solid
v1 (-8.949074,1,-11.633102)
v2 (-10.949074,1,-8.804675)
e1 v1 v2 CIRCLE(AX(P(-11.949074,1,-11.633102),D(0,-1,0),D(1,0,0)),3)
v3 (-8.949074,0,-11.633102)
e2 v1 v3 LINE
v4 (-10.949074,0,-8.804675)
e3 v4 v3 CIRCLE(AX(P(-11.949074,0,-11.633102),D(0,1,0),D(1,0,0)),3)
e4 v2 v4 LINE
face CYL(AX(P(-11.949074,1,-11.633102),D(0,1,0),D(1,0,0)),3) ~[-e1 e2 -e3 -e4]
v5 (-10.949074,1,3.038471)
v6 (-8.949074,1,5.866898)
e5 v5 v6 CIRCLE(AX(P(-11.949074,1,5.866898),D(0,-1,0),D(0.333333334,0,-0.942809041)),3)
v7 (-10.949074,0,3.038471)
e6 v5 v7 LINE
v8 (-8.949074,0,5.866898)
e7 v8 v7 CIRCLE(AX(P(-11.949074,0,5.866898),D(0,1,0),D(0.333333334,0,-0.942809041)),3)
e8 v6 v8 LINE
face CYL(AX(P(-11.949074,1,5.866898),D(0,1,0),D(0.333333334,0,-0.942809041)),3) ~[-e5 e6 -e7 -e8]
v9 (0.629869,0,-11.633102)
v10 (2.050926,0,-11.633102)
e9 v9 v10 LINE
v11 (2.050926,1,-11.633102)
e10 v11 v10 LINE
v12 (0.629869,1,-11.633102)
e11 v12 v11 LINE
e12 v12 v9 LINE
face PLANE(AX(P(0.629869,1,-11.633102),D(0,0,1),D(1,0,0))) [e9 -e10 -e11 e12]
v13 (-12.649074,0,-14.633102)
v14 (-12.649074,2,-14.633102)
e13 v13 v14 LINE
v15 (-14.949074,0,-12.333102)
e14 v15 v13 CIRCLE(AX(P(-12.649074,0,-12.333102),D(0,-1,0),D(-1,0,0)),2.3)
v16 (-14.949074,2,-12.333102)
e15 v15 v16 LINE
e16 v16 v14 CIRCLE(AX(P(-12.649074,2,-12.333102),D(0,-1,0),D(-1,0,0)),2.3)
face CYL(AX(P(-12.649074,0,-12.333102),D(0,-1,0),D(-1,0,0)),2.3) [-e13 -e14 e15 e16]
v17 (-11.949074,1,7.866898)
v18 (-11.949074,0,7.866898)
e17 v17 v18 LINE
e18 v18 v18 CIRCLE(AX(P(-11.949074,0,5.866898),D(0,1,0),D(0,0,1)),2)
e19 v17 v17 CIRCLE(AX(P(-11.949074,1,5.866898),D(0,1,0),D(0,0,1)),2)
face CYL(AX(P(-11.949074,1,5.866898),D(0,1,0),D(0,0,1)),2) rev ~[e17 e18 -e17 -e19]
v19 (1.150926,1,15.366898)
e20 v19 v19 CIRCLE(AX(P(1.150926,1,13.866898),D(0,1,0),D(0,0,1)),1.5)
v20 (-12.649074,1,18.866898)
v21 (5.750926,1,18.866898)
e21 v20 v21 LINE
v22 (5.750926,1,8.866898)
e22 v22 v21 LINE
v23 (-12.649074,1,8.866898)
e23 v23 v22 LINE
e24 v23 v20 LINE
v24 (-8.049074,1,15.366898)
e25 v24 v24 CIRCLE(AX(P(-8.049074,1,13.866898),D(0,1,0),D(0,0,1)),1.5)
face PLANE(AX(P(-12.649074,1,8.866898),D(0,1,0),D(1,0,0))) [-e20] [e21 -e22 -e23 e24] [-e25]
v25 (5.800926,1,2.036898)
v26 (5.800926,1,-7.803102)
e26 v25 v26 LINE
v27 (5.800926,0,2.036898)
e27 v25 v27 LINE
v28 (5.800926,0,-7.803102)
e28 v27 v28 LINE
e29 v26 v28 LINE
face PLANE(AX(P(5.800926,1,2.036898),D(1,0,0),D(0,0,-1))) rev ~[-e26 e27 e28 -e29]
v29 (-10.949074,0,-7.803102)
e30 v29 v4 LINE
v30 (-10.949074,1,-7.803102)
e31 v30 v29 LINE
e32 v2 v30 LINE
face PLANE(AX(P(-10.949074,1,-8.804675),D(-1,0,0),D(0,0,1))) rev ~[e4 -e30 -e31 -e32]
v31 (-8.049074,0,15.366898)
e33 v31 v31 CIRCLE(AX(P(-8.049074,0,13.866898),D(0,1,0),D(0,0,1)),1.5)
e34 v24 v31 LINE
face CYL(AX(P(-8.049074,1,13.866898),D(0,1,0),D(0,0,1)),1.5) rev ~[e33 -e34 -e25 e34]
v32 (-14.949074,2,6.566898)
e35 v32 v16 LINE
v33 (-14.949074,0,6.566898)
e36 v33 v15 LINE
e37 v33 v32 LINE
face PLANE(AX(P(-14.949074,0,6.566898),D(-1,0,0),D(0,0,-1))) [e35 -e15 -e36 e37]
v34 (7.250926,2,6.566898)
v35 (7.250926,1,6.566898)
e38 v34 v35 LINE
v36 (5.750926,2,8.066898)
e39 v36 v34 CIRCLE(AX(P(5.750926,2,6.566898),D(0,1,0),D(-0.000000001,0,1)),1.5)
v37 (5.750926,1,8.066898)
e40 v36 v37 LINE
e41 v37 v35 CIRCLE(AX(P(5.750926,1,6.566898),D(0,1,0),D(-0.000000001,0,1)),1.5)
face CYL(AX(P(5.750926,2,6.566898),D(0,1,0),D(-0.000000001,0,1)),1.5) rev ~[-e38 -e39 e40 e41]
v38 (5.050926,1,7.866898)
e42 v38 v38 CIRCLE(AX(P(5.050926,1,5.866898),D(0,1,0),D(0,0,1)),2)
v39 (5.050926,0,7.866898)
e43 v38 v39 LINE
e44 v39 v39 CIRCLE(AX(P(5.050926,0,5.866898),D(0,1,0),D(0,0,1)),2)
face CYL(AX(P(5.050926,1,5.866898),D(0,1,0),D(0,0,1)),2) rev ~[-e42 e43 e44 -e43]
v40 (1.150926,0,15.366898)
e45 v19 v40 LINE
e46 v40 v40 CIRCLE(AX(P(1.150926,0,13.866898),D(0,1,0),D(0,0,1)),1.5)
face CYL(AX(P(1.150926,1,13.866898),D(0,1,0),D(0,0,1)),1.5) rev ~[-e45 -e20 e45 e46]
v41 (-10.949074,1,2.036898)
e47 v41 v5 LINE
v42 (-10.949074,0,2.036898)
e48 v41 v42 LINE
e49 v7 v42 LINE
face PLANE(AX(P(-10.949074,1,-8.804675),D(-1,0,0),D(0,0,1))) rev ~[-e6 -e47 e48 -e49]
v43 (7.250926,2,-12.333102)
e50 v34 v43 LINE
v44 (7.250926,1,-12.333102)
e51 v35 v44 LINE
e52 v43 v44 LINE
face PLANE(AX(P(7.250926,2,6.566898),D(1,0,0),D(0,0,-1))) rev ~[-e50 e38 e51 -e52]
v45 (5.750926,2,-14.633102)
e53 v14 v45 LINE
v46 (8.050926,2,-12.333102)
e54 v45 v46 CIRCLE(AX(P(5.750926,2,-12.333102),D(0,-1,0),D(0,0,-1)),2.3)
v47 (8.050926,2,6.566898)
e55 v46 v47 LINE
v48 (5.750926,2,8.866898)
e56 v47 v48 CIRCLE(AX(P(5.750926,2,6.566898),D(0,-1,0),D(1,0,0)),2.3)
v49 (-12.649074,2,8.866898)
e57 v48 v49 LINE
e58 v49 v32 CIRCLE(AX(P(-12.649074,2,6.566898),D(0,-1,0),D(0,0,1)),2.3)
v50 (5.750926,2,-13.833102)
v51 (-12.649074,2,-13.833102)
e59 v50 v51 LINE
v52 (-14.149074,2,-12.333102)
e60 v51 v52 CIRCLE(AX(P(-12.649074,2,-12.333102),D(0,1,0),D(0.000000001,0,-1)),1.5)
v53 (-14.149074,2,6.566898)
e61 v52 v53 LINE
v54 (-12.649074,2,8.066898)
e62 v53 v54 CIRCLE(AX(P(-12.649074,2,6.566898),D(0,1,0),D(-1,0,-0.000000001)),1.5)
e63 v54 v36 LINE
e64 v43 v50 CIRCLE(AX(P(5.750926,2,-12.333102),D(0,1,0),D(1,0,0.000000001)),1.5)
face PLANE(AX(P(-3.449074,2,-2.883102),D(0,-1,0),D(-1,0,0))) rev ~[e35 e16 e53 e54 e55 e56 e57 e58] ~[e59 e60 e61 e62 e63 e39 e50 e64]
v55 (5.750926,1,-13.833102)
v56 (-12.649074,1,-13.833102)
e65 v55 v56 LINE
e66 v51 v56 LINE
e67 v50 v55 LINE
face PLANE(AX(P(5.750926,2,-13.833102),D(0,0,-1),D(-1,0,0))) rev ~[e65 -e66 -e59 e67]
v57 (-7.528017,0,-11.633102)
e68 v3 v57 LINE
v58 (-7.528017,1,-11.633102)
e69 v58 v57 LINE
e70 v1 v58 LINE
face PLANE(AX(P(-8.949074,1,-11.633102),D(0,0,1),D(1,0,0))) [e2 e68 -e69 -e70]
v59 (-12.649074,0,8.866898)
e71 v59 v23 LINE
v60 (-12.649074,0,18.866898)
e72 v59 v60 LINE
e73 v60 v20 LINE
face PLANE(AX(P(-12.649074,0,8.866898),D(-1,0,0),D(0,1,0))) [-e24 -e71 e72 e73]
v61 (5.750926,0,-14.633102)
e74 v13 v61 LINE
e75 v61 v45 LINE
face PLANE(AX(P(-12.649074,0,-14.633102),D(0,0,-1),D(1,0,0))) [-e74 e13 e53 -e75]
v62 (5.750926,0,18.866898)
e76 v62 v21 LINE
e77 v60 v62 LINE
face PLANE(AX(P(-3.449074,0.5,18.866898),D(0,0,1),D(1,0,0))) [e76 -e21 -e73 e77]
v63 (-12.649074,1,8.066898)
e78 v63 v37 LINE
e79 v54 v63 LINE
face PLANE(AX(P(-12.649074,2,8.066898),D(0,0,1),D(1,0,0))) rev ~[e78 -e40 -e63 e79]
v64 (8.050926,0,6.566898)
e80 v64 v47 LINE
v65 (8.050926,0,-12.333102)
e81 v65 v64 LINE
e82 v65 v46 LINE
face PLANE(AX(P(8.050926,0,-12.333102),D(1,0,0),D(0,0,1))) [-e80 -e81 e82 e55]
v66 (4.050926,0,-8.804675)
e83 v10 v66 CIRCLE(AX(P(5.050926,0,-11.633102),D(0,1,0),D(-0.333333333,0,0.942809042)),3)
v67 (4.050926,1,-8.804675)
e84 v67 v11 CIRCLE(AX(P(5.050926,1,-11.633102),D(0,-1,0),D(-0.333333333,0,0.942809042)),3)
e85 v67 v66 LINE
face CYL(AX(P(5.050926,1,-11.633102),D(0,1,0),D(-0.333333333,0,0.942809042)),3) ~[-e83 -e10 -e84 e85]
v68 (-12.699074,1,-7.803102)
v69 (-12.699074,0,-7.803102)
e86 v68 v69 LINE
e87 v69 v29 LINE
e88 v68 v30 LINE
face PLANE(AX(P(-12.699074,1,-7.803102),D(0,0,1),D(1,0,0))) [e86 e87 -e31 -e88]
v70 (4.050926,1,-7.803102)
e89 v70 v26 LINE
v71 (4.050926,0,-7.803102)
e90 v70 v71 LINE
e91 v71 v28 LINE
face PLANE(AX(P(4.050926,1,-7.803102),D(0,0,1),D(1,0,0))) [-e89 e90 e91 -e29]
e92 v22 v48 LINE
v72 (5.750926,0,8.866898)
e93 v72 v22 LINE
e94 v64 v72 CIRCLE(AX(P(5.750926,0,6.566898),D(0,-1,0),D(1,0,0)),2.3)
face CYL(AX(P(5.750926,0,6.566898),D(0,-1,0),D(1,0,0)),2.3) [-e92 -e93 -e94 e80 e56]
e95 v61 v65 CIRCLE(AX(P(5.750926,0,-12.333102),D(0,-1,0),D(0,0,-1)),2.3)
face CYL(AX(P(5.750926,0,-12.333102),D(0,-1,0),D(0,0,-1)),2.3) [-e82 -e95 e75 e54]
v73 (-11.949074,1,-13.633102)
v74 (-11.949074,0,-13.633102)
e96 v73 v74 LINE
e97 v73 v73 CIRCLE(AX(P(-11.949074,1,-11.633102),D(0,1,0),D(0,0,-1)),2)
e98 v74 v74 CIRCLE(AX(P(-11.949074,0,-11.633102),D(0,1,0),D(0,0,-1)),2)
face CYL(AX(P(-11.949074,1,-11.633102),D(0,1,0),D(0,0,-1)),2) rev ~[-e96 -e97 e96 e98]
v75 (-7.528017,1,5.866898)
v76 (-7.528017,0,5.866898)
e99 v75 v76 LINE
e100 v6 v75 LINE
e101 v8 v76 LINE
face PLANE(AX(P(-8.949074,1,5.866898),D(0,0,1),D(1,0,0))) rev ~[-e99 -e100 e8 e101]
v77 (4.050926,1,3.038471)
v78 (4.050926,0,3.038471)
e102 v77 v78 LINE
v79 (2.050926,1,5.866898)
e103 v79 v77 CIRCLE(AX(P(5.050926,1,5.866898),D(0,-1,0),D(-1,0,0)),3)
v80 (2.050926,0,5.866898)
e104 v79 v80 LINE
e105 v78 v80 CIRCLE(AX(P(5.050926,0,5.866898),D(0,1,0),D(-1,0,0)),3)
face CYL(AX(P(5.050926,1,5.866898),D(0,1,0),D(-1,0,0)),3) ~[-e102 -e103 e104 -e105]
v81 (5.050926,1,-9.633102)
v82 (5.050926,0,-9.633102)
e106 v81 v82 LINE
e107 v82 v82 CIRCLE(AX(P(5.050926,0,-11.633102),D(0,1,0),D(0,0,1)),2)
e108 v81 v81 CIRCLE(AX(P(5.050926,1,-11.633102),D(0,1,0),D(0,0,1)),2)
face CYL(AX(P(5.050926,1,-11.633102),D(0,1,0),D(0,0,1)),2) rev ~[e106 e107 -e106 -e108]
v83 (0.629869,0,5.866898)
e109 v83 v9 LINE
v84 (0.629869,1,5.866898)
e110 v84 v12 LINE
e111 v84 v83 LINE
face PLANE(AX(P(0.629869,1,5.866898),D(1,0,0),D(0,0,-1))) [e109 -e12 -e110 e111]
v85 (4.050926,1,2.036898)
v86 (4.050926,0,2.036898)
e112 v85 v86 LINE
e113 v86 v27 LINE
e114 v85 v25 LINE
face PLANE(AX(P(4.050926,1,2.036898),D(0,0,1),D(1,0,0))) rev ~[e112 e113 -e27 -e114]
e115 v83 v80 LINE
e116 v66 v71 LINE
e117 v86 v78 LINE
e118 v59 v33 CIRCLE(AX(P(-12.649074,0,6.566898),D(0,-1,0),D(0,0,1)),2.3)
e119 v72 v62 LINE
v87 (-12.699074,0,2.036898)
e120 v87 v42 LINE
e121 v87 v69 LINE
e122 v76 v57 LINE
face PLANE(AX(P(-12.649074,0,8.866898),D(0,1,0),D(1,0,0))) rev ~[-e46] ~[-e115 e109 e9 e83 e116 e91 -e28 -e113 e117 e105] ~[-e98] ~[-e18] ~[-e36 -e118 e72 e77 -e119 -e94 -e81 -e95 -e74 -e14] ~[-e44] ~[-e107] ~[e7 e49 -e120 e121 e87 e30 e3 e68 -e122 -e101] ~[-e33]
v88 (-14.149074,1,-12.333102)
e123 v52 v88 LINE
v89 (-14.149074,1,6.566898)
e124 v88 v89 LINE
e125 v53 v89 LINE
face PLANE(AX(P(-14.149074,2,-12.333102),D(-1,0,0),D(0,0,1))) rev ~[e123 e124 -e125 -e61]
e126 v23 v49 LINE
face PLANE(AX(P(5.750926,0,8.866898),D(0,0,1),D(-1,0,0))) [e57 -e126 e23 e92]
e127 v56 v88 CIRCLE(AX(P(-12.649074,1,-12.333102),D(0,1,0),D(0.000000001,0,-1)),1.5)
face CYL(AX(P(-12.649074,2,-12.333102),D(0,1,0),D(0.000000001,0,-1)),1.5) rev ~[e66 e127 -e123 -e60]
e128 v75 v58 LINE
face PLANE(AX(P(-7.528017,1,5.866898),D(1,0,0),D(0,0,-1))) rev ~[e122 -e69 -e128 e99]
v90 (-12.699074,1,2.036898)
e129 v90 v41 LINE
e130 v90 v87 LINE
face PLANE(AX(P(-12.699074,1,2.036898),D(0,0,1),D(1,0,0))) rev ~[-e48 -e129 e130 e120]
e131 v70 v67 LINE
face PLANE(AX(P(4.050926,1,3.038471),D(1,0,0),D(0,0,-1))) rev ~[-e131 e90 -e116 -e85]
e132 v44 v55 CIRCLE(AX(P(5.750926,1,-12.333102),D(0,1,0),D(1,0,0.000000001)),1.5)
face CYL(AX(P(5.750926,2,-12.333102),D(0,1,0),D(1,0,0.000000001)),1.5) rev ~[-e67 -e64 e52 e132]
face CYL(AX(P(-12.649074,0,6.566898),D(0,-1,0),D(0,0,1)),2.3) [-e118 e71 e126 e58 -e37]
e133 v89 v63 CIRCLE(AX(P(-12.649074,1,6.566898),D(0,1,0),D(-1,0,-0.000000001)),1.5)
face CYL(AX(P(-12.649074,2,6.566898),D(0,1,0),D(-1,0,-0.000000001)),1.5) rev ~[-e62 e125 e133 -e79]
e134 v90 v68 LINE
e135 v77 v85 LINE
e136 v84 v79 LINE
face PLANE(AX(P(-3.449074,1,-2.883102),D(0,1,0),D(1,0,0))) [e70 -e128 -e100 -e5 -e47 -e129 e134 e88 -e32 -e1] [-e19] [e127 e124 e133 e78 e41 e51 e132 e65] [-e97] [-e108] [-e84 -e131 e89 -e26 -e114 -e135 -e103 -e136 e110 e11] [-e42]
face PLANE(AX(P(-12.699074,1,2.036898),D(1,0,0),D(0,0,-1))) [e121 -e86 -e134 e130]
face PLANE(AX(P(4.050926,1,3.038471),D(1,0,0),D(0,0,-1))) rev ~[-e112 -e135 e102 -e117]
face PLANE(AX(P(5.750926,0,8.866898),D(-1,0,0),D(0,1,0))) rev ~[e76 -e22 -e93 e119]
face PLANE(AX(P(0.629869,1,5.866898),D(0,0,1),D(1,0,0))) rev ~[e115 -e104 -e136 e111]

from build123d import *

# Parameters (mm, degrees)
BOSS_EXTRUDE1_DEPTH = 2
CUT_EXTRUDE2_DEPTH  = 1
SKETCH5_R           = 2
CUT_EXTRUDE3_DEPTH  = 21.942838525
CUT_EXTRUDE4_DEPTH  = 21.942838525
SKETCH7_W           = 18.4
SKETCH7_H           = 1
BOSS_EXTRUDE2_DEPTH = 10
SKETCH8_R           = 1.5
CUT_EXTRUDE5_DEPTH  = 25.092211634
CUT_EXTRUDE6_DEPTH  = 1
SKETCH11_W          = 1.421057218
SKETCH11_H          = 17.5
SKETCH11_W_2        = 1.75
SKETCH11_H_2        = 9.84
CUT_EXTRUDE7_DEPTH  = 25.092211634


with BuildPart() as part:
    # Sketch1 → Boss-Extrude1 (new body)
    with BuildSketch(Plane(origin=(0, 0, 0), x_dir=(1, 0, 0), z_dir=(0, 1, 0))):
        with BuildLine():
            Line((-12.649074074, 14.633101852), (5.750925926, 14.633101852))
            ThreePointArc((5.750925926, 14.633101852), (7.377271523, 13.959447449), (8.050925926, 12.333101852))
            Line((8.050925926, 12.333101852), (8.050925926, -6.566898148))
            ThreePointArc((8.050925926, -6.566898148), (7.377271523, -8.193243745), (5.750925926, -8.866898148))
            Line((5.750925926, -8.866898148), (-12.649074074, -8.866898148))
            ThreePointArc((-12.649074074, -8.866898148), (-14.275419671, -8.193243745), (-14.949074074, -6.566898148))
            Line((-14.949074074, -6.566898148), (-14.949074074, 12.333101852))
            ThreePointArc((-14.949074074, 12.333101852), (-14.275419671, 13.959447449), (-12.649074074, 14.633101852))
        make_face()
    extrude(amount=BOSS_EXTRUDE1_DEPTH)

    # Sketch2 → Cut-Extrude2 (cut)
    with BuildSketch(Plane(origin=(0, 2, 0), x_dir=(1, 0, 0), z_dir=(0, 1, 0))):
        with BuildLine():
            Line((5.750925926, 13.633101852), (-12.649074074, 13.633101852))
            ThreePointArc((-12.649074074, 13.633101852), (-13.56831289, 13.252340667), (-13.949074074, 12.333101852))
            Line((-13.949074074, 12.333101852), (-13.949074074, -6.566898148))
            ThreePointArc((-13.949074074, -6.566898148), (-13.56831289, -7.486136964), (-12.649074074, -7.866898148))
            Line((-12.649074074, -7.866898148), (5.750925926, -7.866898148))
            ThreePointArc((5.750925926, -7.866898148), (6.670164741, -7.486136964), (7.050925926, -6.566898148))
            Line((7.050925926, -6.566898148), (7.050925926, 12.333101852))
            ThreePointArc((7.050925926, 12.333101852), (6.670164741, 13.252340667), (5.750925926, 13.633101852))
        make_face()
    extrude(amount=-CUT_EXTRUDE2_DEPTH, mode=Mode.SUBTRACT)

    # Sketch5 → Cut-Extrude3 (cut, through all)
    with BuildSketch(Plane(origin=(0, 1, 0), x_dir=(1, 0, 0), z_dir=(0, 1, 0))):
        with Locations(Location((5.050925926, 11.633101852, 0), (0, 0, 270))):
            Circle(SKETCH5_R)
        with Locations(Location((5.050925926, -5.866898148, 0), (0, 0, 270))):
            Circle(SKETCH5_R)
        with Locations(Location((-11.949074074, -5.866898148, 0), (0, 0, 270))):
            Circle(SKETCH5_R)
        with Locations(Location((-11.949074074, 11.633101852, 0), (0, 0, 90))):
            Circle(SKETCH5_R)
    extrude(amount=-CUT_EXTRUDE3_DEPTH, mode=Mode.SUBTRACT)

    # Sketch6 → Cut-Extrude4 (cut, through all)
    with BuildSketch(Plane(origin=(0, 1, 0), x_dir=(1, 0, 0), z_dir=(0, 1, 0))):
        with BuildLine():
            Line((4.050925926, -3.038471023), (4.050925926, 8.804674727))
            ThreePointArc((4.050925926, 8.804674727), (2.601436183, 9.901051044), (2.050925926, 11.633101852))
            Line((2.050925926, 11.633101852), (2.050925926, -5.866898148))
            ThreePointArc((2.050925926, -5.866898148), (2.601436183, -4.134847341), (4.050925926, -3.038471023))
        make_face()
        with BuildLine():
            Line((-10.949074074, 8.804674727), (-10.949074074, -3.038471023))
            ThreePointArc((-10.949074074, -3.038471023), (-9.499584331, -4.134847341), (-8.949074074, -5.866898148))
            Line((-8.949074074, -5.866898148), (-8.949074074, 11.633101852))
            ThreePointArc((-8.949074074, 11.633101852), (-9.499584331, 9.901051044), (-10.949074074, 8.804674727))
        make_face()
    extrude(amount=-CUT_EXTRUDE4_DEPTH, mode=Mode.SUBTRACT)

    # Sketch7 → Boss-Extrude2 (add)
    with BuildSketch(Plane.XY.offset(8.866898148)):
        with Locations((-3.449074074, 0.5)):
            Rectangle(SKETCH7_W, SKETCH7_H)
    extrude(amount=BOSS_EXTRUDE2_DEPTH)

    # Sketch8 → Cut-Extrude5 (cut, through all)
    with BuildSketch(Plane(origin=(0, 1, 0), x_dir=(1, 0, 0), z_dir=(0, 1, 0))):
        with Locations(Location((1.150925926, -13.866898148, 0), (0, 0, 270))):
            Circle(SKETCH8_R)
        with Locations(Location((-8.049074074, -13.866898148, 0), (0, 0, 270))):
            Circle(SKETCH8_R)
    extrude(amount=-CUT_EXTRUDE5_DEPTH, mode=Mode.SUBTRACT)

    # Sketch9 → Cut-Extrude6 (cut)
    with BuildSketch(Plane(origin=(0, 2, 0), x_dir=(1, 0, 0), z_dir=(0, 1, 0))):
        with BuildLine():
            Line((5.750925926, 13.833101852), (-12.649074074, 13.833101852))
            ThreePointArc((-12.649074074, 13.833101852), (-13.709734246, 13.393762024), (-14.149074074, 12.333101852))
            Line((-14.149074074, 12.333101852), (-14.149074074, -6.566898148))
            ThreePointArc((-14.149074074, -6.566898148), (-13.709734246, -7.62755832), (-12.649074074, -8.066898148))
            Line((-12.649074074, -8.066898148), (5.750925926, -8.066898148))
            ThreePointArc((5.750925926, -8.066898148), (6.811586098, -7.62755832), (7.250925926, -6.566898148))
            Line((7.250925926, -6.566898148), (7.250925926, 12.333101852))
            ThreePointArc((7.250925926, 12.333101852), (6.811586098, 13.393762024), (5.750925926, 13.833101852))
        make_face()
    extrude(amount=-CUT_EXTRUDE6_DEPTH, mode=Mode.SUBTRACT)

    # Sketch11 → Cut-Extrude7 (cut, through all)
    with BuildSketch(Plane(origin=(0, 1, 0), x_dir=(1, 0, 0), z_dir=(0, 1, 0))):
        with Locations((-8.238545465, 2.883101852)):
            Rectangle(SKETCH11_W, SKETCH11_H)
        with Locations((1.340397317, 2.883101852)):
            Rectangle(SKETCH11_W, SKETCH11_H)
        with Locations((-11.824074074, 2.883101852)):
            Rectangle(SKETCH11_W_2, SKETCH11_H_2)
        with Locations((4.925925926, 2.883101852)):
            Rectangle(SKETCH11_W_2, SKETCH11_H_2)
    extrude(amount=-CUT_EXTRUDE7_DEPTH, mode=Mode.SUBTRACT)


solid = part.part
